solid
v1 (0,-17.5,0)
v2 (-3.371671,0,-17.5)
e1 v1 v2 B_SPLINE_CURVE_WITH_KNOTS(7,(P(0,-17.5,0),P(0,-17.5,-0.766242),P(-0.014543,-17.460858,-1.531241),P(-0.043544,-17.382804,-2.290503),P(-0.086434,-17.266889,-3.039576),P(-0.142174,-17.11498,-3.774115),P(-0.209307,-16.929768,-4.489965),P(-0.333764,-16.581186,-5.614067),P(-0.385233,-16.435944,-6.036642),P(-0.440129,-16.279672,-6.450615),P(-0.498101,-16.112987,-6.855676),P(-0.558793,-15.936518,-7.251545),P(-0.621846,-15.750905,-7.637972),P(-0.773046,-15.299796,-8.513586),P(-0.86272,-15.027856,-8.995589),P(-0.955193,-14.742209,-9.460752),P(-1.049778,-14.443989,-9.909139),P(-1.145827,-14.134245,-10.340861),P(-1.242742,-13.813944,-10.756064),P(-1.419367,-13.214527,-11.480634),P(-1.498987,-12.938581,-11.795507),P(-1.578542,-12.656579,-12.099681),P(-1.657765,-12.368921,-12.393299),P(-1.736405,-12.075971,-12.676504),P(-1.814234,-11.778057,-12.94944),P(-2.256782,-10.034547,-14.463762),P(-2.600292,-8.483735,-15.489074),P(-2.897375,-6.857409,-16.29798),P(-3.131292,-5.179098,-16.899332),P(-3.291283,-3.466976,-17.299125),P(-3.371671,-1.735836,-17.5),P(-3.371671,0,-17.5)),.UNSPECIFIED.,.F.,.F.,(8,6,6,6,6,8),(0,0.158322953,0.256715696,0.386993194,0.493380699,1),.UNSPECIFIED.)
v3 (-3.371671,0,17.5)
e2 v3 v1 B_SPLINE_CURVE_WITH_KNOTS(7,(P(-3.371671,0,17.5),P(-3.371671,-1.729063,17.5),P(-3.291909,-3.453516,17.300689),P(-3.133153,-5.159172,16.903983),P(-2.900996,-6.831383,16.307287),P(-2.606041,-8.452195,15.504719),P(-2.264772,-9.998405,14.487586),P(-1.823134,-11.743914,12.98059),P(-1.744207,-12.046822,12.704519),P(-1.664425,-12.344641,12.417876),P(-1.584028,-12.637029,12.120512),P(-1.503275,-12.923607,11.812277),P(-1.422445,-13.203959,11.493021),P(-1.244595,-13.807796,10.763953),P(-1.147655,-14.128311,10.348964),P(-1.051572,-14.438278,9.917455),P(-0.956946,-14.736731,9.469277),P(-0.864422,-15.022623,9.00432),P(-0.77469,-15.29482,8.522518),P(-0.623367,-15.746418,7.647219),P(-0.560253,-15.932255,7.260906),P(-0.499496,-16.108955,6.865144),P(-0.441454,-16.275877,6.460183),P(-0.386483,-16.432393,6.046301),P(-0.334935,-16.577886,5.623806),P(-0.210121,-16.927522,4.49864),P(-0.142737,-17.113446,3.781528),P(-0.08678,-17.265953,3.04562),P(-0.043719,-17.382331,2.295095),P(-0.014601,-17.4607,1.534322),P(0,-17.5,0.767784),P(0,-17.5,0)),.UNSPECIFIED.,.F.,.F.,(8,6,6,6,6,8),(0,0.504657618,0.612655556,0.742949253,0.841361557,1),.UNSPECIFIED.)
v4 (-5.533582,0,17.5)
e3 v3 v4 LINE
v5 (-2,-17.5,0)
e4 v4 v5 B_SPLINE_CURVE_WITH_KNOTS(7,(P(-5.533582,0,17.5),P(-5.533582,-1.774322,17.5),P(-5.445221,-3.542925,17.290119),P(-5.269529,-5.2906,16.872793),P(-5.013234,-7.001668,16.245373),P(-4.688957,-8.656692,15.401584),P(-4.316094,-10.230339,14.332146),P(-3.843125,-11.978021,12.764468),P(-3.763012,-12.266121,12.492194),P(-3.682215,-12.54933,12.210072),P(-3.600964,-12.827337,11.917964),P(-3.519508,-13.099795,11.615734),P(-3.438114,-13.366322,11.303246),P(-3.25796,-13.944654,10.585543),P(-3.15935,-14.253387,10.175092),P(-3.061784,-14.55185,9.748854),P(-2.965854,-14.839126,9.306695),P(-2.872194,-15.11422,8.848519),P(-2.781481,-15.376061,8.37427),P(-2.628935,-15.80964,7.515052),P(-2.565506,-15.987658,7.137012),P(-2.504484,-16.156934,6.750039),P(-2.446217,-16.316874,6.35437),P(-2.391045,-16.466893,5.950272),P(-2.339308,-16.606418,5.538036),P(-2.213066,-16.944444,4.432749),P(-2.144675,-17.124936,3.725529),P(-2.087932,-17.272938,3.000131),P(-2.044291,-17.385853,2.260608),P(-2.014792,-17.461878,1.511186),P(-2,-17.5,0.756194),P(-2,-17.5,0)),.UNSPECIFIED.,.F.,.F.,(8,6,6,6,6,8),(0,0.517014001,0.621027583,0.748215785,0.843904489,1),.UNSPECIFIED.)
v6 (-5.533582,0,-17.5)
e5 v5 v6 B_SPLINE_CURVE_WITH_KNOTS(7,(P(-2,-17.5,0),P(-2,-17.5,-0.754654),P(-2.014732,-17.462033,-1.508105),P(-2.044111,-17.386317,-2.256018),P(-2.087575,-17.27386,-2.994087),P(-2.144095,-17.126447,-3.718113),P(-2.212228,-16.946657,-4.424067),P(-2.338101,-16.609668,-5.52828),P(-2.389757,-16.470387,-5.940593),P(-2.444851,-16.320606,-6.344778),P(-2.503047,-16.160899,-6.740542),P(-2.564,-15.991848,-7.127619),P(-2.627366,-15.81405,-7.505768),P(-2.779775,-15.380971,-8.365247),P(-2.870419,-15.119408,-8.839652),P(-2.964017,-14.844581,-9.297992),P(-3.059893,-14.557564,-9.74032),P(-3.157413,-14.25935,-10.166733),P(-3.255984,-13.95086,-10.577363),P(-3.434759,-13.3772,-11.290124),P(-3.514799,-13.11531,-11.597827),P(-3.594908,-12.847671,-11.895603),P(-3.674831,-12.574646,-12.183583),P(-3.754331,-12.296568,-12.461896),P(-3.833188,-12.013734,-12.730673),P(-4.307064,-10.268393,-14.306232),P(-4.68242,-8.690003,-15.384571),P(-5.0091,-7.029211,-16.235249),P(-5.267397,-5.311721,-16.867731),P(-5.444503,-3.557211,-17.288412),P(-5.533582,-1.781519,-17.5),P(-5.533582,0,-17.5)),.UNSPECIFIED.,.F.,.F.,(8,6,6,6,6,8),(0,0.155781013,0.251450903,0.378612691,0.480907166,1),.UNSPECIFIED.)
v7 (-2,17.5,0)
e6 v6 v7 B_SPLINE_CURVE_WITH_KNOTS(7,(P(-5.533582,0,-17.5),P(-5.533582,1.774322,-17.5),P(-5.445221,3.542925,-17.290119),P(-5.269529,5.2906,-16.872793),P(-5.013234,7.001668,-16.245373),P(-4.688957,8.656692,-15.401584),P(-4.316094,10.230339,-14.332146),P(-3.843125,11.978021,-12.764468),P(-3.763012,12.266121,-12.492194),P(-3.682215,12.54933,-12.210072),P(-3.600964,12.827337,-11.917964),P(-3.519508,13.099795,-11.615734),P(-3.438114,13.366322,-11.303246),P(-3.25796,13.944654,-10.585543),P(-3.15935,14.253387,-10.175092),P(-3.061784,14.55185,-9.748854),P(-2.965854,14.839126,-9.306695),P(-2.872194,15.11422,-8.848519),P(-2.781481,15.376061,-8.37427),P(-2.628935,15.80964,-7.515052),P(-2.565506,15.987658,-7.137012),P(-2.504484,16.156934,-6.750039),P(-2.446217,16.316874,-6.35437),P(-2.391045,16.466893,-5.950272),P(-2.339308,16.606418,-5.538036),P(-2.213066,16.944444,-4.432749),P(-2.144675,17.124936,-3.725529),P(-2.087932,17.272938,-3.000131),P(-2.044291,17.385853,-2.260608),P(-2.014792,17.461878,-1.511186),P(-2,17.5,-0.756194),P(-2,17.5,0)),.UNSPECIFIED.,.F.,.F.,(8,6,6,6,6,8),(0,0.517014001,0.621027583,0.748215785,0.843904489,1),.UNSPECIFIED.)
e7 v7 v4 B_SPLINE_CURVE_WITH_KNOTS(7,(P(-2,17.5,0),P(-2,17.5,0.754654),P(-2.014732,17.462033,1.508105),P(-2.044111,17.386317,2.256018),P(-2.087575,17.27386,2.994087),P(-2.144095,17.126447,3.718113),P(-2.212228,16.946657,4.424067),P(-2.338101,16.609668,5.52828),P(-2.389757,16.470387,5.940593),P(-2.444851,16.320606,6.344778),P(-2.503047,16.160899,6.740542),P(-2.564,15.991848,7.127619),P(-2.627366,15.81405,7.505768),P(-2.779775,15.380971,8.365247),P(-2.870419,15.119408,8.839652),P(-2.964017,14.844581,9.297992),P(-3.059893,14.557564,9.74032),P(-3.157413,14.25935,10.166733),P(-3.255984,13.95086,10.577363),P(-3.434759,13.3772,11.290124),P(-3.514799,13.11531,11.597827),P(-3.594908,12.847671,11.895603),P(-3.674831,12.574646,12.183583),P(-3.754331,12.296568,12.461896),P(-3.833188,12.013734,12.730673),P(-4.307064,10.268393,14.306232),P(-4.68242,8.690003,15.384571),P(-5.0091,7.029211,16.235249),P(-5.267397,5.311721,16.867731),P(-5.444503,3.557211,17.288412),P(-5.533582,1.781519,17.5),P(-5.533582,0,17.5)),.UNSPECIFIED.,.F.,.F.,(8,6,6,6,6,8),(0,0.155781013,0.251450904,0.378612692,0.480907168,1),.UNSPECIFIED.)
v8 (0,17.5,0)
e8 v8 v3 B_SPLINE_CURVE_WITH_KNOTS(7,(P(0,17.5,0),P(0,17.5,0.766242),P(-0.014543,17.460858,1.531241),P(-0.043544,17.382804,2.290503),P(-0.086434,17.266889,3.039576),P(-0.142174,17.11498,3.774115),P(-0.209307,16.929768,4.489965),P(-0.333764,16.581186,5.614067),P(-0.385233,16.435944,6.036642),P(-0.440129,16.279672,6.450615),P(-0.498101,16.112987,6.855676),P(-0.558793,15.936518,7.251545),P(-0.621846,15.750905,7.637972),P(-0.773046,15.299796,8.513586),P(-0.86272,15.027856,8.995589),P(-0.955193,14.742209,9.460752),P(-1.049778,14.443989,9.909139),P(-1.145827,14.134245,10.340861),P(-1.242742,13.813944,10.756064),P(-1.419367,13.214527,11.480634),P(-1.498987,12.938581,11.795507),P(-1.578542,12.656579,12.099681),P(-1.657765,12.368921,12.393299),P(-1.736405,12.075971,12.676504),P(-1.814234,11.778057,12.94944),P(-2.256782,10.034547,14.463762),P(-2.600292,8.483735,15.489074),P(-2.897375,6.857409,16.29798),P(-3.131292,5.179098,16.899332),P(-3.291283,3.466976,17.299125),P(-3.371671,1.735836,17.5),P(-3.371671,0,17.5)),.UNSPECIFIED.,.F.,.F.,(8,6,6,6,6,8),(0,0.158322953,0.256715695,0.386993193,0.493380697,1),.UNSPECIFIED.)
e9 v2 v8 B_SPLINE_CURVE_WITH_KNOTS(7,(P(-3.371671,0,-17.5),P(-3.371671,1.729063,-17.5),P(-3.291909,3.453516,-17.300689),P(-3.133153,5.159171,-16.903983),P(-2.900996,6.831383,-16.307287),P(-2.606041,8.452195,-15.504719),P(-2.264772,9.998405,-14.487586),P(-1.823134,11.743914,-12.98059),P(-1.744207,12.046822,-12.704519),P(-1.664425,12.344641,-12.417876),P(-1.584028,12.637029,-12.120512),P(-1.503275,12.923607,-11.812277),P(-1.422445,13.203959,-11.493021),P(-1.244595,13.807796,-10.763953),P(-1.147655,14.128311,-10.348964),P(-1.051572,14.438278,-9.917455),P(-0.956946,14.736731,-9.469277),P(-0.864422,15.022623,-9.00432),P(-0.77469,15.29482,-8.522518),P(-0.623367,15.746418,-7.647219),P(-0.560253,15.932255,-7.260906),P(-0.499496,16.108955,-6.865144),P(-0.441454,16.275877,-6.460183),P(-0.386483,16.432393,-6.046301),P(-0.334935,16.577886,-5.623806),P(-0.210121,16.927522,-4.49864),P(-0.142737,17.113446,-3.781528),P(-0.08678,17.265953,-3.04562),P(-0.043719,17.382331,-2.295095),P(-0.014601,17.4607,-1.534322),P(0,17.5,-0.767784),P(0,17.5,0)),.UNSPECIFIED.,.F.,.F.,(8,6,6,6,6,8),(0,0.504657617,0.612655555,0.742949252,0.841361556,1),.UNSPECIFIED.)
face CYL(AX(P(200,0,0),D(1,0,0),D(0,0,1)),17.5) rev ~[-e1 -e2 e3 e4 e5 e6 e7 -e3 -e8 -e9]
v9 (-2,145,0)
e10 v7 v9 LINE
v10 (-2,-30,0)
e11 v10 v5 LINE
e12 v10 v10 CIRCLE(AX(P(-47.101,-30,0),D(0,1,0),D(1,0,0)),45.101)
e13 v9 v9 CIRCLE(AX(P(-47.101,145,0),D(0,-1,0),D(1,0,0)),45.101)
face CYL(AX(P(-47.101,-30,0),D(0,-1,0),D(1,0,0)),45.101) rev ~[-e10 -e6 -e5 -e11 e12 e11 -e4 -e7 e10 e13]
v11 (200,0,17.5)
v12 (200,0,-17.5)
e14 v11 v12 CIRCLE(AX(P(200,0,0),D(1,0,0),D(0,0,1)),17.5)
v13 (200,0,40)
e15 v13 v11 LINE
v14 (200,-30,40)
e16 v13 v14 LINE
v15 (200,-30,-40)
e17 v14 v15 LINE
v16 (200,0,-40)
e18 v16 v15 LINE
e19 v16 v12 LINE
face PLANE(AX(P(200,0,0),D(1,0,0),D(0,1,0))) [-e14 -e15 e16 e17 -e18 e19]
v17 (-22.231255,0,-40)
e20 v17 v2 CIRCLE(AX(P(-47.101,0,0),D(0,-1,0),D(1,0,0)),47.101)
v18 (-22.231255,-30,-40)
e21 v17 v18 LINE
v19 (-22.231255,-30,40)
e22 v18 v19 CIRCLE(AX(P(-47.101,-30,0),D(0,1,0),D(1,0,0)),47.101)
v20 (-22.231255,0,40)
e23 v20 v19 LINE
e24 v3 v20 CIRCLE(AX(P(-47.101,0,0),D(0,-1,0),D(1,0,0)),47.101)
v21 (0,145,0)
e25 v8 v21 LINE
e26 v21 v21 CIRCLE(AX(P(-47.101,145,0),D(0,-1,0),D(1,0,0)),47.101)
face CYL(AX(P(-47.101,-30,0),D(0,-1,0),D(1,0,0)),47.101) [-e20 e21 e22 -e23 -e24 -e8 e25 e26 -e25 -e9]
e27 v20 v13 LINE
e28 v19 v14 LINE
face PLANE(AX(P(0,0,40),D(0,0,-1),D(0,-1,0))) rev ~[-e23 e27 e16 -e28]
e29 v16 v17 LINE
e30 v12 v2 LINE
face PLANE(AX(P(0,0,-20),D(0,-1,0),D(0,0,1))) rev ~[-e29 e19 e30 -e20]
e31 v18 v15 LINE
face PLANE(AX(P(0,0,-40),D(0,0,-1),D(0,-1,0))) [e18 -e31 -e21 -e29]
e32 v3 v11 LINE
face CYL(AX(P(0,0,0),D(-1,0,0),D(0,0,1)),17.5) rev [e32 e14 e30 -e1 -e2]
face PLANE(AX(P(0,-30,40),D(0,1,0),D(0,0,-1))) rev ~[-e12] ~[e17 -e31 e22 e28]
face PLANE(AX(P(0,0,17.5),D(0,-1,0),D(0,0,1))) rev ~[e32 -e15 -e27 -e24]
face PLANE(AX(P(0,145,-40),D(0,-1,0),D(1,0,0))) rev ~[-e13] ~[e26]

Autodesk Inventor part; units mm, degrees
ref_plane "YZ Plane" through (0, 0, 0) normal (1, 0, 0) x (0, 1, 0)
ref_plane "XZ Plane" through (0, 0, 0) normal (0, 1, 0) x (-1, 0, 0)
ref_plane "XY Plane" through (0, 0, 0) normal (0, 0, 1) x (1, 0, 0)
sketch "草圖1" plane through (0, 0, 0) normal (1, 0, 0) x (0, 1, 0)
  arc A0 (0, 17.5) -> (0, -17.5) centre (0, 0) ccw
  arc A1 (0, 20) -> (0, -20) centre (0, 0) ccw
  line L0 (0, 17.5) -> (0, 20)
  line L1 (0, -20) -> (0, -17.5)
  line L2 (0, -56) -> (0, 56) projected
  line L3 (0, -40) -> (-30, -40)
  line L4 (-30, -40) -> (-30, -20)
  line L5 (0, -40) -> (0, -20)
  line L6 (-36, 0) -> (6, 0) projected
  line L7 (0, 40) -> (-30, 40)
  line L8 (-30, 40) -> (-30, -20)
  point P0 (0, -20)
  dimension "d0" = 17.5
  dimension "d1" = 20
  dimension "d4" = 30
  dimension "d5" = 40
extrude "擠出1" add sketch "草圖1" along normal blind 200 contours A0 L6 A1 L0 | A0 L1 A1 L6 | A1 L6 L8 L7 L2 | A1 L2 L3 L4 L8 L6
sketch "草圖3" plane through (0, -30, -40) normal (0, -1, 0) x (1, 0, 0)
  circle A0 centre (-47.101, 40) radius 45.101
  circle A1 centre (-47.101, 40) radius 47.101
  line L0 (-153.0424, 40) -> (258.8404, 40) projected
  line L1 (0, 80) -> (0, 0) projected
  point P0 (0, 40)
  dimension "d6" = 90.202
  dimension "d7" = 2
extrude "擠出2" add sketch "草圖3" against normal blind 175 contours L0 A1 A0 | A0 L0 A1
extrude "擠出3" add sketch "草圖1" against normal up to surface contours A0 L6 A1 L0 | A0 L1 A1 L6 | A1 L6 L8 L7 L2 | A1 L2 L3 L4 L8 L6
sketch "草圖4" plane through (200, 0, 0) normal (1, 0, 0) x (0, 0, -1)
  arc A0 (-17.5, 0) -> (17.5, 0) centre (0, 0) ccw projected
  circle A1 centre (0, 0) radius 17.5
extrude "擠出4" cut sketch "草圖4" against normal up to surface
properties part number "直線軌道"
